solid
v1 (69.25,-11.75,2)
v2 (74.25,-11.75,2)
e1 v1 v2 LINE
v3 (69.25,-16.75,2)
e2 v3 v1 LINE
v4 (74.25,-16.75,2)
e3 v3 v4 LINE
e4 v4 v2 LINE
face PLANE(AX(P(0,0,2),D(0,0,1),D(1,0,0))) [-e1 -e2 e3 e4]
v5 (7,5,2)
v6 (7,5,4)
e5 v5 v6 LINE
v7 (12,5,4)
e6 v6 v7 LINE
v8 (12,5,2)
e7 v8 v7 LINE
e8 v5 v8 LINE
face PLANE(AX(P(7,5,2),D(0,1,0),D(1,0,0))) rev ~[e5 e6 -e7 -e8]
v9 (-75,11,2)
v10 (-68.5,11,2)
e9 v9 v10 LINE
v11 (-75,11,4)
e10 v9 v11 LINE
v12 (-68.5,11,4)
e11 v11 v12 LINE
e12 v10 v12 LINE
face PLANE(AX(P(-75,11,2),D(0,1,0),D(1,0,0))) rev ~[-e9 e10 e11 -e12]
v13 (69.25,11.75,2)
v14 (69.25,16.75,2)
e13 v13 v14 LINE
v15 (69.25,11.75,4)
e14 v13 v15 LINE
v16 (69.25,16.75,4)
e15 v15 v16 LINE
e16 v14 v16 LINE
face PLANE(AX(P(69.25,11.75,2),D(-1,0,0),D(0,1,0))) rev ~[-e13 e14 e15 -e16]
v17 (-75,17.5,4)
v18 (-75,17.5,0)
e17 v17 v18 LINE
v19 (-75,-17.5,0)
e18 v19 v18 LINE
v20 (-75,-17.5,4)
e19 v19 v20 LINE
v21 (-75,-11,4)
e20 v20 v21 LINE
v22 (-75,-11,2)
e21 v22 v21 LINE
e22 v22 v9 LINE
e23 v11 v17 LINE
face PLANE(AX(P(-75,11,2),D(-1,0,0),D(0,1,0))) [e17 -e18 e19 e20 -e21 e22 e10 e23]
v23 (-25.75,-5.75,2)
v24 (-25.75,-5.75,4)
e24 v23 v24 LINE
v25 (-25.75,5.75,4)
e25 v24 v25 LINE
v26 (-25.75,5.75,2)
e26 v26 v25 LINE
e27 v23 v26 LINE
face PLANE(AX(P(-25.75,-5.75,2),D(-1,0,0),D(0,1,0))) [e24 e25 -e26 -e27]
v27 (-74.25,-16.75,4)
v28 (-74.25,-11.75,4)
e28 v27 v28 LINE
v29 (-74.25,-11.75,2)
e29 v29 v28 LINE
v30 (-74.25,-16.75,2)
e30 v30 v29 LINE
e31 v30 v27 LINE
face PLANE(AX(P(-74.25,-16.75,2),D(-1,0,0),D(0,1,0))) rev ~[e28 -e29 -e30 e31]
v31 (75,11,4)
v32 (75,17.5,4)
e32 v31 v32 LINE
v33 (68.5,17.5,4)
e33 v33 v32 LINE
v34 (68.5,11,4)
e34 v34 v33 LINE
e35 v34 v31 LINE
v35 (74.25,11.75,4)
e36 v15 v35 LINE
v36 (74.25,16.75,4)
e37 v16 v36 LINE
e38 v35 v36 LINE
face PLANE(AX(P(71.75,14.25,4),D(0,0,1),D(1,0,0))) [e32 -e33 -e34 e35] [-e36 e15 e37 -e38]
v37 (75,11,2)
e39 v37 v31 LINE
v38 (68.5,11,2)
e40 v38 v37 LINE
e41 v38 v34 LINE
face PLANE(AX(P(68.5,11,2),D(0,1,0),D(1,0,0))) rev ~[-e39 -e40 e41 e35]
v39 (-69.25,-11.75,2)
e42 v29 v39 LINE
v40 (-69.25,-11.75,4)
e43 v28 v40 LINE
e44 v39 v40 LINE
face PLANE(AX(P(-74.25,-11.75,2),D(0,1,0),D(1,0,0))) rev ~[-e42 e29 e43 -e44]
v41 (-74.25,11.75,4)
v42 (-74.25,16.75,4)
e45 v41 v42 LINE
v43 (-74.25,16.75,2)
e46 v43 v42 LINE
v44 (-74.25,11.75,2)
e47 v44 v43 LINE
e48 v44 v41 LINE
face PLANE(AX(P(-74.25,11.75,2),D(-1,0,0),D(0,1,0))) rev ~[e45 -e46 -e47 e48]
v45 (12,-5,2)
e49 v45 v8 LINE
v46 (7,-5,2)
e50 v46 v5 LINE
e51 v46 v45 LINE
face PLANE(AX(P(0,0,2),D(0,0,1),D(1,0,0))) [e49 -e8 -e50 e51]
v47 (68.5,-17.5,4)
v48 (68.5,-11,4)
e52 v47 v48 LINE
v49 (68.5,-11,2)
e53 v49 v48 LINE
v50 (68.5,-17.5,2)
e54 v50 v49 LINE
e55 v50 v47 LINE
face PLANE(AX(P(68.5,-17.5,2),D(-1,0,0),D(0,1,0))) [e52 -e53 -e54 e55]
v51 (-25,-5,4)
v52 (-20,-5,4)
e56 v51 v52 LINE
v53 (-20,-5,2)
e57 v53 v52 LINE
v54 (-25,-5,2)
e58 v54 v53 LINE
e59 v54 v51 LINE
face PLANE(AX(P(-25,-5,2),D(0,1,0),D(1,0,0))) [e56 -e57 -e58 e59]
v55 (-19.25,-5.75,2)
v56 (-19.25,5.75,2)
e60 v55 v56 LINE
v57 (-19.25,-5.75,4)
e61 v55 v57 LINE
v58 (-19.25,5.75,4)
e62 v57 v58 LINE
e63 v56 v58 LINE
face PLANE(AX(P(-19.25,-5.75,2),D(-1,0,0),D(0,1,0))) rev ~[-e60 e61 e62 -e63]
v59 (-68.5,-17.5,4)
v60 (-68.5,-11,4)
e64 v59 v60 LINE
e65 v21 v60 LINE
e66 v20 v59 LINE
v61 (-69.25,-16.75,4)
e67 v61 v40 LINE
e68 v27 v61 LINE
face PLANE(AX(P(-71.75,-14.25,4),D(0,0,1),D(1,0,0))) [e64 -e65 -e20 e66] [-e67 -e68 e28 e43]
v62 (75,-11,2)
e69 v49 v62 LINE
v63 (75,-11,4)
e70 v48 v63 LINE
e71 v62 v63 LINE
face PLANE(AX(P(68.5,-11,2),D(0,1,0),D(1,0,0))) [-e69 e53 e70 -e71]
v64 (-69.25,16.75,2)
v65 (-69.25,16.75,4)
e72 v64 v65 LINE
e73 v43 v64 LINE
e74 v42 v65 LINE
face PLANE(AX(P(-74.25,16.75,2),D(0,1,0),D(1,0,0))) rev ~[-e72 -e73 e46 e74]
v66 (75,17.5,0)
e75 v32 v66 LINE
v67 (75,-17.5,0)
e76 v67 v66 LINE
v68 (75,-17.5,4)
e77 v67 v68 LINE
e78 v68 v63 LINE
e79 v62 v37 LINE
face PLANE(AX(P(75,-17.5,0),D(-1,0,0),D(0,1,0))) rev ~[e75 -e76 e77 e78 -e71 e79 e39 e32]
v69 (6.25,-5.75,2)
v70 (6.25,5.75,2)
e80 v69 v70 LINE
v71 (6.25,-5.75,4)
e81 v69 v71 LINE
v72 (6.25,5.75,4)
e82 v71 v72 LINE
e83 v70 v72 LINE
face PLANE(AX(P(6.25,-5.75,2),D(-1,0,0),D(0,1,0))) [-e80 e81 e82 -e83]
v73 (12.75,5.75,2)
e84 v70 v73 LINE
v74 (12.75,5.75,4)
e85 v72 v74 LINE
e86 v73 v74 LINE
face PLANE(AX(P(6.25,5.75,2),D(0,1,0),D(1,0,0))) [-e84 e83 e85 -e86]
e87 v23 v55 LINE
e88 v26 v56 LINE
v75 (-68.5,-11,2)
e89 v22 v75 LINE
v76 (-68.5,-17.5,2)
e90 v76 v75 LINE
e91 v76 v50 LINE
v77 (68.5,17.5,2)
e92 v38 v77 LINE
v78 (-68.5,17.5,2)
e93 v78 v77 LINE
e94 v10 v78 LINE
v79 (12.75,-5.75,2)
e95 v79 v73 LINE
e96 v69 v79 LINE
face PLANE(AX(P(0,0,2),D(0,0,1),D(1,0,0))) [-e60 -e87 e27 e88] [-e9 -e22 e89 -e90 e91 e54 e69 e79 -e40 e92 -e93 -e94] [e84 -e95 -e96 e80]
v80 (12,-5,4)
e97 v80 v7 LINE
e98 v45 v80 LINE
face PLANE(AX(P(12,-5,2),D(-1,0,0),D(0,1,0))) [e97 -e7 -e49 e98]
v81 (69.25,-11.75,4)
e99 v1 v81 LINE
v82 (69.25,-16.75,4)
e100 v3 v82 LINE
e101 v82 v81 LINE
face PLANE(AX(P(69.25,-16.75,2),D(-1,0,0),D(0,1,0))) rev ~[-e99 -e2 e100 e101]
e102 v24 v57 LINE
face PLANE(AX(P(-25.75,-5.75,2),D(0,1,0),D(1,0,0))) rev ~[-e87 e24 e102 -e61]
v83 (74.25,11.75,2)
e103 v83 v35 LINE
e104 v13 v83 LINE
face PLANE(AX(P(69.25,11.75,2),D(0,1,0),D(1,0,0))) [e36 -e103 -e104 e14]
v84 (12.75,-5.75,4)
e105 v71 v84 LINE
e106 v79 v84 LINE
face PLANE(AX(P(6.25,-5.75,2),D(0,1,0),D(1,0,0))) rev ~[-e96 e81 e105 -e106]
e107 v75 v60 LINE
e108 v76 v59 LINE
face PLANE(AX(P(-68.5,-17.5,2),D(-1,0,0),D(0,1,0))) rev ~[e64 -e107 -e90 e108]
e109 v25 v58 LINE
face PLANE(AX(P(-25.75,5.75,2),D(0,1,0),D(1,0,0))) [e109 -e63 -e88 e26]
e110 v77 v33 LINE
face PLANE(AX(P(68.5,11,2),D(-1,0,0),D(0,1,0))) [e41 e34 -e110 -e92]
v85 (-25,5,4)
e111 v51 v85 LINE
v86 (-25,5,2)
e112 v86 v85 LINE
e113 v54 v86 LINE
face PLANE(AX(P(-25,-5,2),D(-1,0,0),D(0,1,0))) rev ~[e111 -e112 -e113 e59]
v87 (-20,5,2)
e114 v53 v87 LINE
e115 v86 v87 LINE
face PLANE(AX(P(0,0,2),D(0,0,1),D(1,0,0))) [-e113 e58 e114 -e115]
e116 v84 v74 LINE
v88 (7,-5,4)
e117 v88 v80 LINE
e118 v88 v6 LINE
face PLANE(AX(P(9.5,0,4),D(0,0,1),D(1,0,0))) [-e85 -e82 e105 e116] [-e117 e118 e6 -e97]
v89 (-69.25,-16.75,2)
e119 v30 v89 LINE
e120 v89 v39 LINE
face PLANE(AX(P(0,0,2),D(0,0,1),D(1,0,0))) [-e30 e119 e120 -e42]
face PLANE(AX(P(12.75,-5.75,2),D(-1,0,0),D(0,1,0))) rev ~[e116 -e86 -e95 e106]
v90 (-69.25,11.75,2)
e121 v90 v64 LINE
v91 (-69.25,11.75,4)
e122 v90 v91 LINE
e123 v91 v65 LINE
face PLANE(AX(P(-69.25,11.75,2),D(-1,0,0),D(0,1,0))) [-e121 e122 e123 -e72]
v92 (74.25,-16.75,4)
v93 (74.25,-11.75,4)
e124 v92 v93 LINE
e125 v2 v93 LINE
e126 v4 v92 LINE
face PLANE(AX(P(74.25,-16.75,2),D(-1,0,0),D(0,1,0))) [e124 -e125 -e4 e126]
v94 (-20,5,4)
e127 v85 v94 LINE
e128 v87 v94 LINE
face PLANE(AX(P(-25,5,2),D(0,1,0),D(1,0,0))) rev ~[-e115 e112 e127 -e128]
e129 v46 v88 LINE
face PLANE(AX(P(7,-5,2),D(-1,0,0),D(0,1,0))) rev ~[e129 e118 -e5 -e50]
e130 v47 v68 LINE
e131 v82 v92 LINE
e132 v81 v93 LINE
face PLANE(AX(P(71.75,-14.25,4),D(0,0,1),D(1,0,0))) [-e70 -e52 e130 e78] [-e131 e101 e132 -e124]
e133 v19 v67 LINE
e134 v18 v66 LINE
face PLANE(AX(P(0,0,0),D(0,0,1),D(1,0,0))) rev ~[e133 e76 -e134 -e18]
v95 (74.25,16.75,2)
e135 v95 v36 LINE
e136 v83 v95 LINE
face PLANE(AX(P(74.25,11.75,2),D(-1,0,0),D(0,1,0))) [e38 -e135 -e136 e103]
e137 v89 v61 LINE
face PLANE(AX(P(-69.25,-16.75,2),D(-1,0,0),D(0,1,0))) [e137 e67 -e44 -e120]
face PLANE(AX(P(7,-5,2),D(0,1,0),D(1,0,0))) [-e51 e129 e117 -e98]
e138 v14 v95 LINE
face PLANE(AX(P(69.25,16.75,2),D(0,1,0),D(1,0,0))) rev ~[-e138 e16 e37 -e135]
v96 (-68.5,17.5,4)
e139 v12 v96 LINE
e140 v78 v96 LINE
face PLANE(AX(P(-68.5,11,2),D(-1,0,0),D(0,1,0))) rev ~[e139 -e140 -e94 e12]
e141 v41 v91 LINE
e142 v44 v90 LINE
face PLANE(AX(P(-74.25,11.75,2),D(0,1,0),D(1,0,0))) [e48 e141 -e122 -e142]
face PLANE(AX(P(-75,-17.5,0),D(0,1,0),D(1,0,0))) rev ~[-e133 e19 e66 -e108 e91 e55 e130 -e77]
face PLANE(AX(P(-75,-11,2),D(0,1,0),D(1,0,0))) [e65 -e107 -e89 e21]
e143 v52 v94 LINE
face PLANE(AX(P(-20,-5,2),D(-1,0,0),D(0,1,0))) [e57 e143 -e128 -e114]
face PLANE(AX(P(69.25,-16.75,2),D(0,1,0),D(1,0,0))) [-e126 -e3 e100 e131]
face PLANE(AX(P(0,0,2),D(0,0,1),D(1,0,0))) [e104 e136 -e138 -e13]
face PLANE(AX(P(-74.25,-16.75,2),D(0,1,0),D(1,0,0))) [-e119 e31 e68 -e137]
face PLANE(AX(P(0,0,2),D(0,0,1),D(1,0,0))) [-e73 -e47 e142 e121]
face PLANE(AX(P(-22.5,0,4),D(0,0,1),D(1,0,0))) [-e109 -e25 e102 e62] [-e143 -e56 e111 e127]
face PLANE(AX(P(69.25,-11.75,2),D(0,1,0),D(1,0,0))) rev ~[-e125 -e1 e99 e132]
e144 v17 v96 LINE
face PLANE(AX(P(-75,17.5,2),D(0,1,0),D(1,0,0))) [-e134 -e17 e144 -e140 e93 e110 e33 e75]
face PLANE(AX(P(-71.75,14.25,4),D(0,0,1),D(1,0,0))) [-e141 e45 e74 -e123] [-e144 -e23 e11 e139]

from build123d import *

# Parameters (mm, degrees)
SKICA1_W                = 150
SKICA1_H                = 35
P_IDAT_VYSUNUT_M2_DEPTH = 2
SKICA2_W                = 6.5
SKICA2_H                = 11.5
SKICA2_W_2              = 5
SKICA2_H_2              = 10
P_IDAT_VYSUNUT_M3_DEPTH = 2
SKICA3_W                = 6.5
SKICA3_H                = 6.5
SKICA3_W_2              = 5
SKICA3_H_2              = 5
P_IDAT_VYSUNUT_M4_DEPTH = 2


with BuildPart() as part:
    # Skica1 → Přidat vysunutím2 (new body)
    with BuildSketch(Plane.XY):
        Rectangle(SKICA1_W, SKICA1_H)
    extrude(amount=P_IDAT_VYSUNUT_M2_DEPTH)

    # Skica2 → Přidat vysunutím3 (add)
    with BuildSketch(Plane.XY.offset(2)):
        with Locations((-22.5, 0)):
            Rectangle(SKICA2_W, SKICA2_H)
        with Locations((-22.5, 0)):
            Rectangle(SKICA2_W_2, SKICA2_H_2, mode=Mode.SUBTRACT)
        with Locations((9.5, 0)):
            Rectangle(SKICA2_W, SKICA2_H)
        with Locations((9.5, 0)):
            Rectangle(SKICA2_W_2, SKICA2_H_2, mode=Mode.SUBTRACT)
    extrude(amount=P_IDAT_VYSUNUT_M3_DEPTH)

    # Skica3 → Přidat vysunutím4 (add)
    with BuildSketch(Plane.XY.offset(2)):
        with Locations((-71.75, 14.25)):
            Rectangle(SKICA3_W, SKICA3_H)
        with Locations((-71.75, 14.25)):
            Rectangle(SKICA3_W_2, SKICA3_H_2, mode=Mode.SUBTRACT)
        with Locations((71.75, 14.25)):
            Rectangle(SKICA3_W, SKICA3_H)
        with Locations((71.75, 14.25)):
            Rectangle(SKICA3_W_2, SKICA3_H_2, mode=Mode.SUBTRACT)
        with Locations((-71.75, -14.25)):
            Rectangle(SKICA3_W, SKICA3_H)
        with Locations((-71.75, -14.25)):
            Rectangle(SKICA3_W_2, SKICA3_H_2, mode=Mode.SUBTRACT)
        with Locations((71.75, -14.25)):
            Rectangle(SKICA3_W, SKICA3_H)
        with Locations((71.75, -14.25)):
            Rectangle(SKICA3_W_2, SKICA3_H_2, mode=Mode.SUBTRACT)
    extrude(amount=P_IDAT_VYSUNUT_M4_DEPTH)


solid = part.part
